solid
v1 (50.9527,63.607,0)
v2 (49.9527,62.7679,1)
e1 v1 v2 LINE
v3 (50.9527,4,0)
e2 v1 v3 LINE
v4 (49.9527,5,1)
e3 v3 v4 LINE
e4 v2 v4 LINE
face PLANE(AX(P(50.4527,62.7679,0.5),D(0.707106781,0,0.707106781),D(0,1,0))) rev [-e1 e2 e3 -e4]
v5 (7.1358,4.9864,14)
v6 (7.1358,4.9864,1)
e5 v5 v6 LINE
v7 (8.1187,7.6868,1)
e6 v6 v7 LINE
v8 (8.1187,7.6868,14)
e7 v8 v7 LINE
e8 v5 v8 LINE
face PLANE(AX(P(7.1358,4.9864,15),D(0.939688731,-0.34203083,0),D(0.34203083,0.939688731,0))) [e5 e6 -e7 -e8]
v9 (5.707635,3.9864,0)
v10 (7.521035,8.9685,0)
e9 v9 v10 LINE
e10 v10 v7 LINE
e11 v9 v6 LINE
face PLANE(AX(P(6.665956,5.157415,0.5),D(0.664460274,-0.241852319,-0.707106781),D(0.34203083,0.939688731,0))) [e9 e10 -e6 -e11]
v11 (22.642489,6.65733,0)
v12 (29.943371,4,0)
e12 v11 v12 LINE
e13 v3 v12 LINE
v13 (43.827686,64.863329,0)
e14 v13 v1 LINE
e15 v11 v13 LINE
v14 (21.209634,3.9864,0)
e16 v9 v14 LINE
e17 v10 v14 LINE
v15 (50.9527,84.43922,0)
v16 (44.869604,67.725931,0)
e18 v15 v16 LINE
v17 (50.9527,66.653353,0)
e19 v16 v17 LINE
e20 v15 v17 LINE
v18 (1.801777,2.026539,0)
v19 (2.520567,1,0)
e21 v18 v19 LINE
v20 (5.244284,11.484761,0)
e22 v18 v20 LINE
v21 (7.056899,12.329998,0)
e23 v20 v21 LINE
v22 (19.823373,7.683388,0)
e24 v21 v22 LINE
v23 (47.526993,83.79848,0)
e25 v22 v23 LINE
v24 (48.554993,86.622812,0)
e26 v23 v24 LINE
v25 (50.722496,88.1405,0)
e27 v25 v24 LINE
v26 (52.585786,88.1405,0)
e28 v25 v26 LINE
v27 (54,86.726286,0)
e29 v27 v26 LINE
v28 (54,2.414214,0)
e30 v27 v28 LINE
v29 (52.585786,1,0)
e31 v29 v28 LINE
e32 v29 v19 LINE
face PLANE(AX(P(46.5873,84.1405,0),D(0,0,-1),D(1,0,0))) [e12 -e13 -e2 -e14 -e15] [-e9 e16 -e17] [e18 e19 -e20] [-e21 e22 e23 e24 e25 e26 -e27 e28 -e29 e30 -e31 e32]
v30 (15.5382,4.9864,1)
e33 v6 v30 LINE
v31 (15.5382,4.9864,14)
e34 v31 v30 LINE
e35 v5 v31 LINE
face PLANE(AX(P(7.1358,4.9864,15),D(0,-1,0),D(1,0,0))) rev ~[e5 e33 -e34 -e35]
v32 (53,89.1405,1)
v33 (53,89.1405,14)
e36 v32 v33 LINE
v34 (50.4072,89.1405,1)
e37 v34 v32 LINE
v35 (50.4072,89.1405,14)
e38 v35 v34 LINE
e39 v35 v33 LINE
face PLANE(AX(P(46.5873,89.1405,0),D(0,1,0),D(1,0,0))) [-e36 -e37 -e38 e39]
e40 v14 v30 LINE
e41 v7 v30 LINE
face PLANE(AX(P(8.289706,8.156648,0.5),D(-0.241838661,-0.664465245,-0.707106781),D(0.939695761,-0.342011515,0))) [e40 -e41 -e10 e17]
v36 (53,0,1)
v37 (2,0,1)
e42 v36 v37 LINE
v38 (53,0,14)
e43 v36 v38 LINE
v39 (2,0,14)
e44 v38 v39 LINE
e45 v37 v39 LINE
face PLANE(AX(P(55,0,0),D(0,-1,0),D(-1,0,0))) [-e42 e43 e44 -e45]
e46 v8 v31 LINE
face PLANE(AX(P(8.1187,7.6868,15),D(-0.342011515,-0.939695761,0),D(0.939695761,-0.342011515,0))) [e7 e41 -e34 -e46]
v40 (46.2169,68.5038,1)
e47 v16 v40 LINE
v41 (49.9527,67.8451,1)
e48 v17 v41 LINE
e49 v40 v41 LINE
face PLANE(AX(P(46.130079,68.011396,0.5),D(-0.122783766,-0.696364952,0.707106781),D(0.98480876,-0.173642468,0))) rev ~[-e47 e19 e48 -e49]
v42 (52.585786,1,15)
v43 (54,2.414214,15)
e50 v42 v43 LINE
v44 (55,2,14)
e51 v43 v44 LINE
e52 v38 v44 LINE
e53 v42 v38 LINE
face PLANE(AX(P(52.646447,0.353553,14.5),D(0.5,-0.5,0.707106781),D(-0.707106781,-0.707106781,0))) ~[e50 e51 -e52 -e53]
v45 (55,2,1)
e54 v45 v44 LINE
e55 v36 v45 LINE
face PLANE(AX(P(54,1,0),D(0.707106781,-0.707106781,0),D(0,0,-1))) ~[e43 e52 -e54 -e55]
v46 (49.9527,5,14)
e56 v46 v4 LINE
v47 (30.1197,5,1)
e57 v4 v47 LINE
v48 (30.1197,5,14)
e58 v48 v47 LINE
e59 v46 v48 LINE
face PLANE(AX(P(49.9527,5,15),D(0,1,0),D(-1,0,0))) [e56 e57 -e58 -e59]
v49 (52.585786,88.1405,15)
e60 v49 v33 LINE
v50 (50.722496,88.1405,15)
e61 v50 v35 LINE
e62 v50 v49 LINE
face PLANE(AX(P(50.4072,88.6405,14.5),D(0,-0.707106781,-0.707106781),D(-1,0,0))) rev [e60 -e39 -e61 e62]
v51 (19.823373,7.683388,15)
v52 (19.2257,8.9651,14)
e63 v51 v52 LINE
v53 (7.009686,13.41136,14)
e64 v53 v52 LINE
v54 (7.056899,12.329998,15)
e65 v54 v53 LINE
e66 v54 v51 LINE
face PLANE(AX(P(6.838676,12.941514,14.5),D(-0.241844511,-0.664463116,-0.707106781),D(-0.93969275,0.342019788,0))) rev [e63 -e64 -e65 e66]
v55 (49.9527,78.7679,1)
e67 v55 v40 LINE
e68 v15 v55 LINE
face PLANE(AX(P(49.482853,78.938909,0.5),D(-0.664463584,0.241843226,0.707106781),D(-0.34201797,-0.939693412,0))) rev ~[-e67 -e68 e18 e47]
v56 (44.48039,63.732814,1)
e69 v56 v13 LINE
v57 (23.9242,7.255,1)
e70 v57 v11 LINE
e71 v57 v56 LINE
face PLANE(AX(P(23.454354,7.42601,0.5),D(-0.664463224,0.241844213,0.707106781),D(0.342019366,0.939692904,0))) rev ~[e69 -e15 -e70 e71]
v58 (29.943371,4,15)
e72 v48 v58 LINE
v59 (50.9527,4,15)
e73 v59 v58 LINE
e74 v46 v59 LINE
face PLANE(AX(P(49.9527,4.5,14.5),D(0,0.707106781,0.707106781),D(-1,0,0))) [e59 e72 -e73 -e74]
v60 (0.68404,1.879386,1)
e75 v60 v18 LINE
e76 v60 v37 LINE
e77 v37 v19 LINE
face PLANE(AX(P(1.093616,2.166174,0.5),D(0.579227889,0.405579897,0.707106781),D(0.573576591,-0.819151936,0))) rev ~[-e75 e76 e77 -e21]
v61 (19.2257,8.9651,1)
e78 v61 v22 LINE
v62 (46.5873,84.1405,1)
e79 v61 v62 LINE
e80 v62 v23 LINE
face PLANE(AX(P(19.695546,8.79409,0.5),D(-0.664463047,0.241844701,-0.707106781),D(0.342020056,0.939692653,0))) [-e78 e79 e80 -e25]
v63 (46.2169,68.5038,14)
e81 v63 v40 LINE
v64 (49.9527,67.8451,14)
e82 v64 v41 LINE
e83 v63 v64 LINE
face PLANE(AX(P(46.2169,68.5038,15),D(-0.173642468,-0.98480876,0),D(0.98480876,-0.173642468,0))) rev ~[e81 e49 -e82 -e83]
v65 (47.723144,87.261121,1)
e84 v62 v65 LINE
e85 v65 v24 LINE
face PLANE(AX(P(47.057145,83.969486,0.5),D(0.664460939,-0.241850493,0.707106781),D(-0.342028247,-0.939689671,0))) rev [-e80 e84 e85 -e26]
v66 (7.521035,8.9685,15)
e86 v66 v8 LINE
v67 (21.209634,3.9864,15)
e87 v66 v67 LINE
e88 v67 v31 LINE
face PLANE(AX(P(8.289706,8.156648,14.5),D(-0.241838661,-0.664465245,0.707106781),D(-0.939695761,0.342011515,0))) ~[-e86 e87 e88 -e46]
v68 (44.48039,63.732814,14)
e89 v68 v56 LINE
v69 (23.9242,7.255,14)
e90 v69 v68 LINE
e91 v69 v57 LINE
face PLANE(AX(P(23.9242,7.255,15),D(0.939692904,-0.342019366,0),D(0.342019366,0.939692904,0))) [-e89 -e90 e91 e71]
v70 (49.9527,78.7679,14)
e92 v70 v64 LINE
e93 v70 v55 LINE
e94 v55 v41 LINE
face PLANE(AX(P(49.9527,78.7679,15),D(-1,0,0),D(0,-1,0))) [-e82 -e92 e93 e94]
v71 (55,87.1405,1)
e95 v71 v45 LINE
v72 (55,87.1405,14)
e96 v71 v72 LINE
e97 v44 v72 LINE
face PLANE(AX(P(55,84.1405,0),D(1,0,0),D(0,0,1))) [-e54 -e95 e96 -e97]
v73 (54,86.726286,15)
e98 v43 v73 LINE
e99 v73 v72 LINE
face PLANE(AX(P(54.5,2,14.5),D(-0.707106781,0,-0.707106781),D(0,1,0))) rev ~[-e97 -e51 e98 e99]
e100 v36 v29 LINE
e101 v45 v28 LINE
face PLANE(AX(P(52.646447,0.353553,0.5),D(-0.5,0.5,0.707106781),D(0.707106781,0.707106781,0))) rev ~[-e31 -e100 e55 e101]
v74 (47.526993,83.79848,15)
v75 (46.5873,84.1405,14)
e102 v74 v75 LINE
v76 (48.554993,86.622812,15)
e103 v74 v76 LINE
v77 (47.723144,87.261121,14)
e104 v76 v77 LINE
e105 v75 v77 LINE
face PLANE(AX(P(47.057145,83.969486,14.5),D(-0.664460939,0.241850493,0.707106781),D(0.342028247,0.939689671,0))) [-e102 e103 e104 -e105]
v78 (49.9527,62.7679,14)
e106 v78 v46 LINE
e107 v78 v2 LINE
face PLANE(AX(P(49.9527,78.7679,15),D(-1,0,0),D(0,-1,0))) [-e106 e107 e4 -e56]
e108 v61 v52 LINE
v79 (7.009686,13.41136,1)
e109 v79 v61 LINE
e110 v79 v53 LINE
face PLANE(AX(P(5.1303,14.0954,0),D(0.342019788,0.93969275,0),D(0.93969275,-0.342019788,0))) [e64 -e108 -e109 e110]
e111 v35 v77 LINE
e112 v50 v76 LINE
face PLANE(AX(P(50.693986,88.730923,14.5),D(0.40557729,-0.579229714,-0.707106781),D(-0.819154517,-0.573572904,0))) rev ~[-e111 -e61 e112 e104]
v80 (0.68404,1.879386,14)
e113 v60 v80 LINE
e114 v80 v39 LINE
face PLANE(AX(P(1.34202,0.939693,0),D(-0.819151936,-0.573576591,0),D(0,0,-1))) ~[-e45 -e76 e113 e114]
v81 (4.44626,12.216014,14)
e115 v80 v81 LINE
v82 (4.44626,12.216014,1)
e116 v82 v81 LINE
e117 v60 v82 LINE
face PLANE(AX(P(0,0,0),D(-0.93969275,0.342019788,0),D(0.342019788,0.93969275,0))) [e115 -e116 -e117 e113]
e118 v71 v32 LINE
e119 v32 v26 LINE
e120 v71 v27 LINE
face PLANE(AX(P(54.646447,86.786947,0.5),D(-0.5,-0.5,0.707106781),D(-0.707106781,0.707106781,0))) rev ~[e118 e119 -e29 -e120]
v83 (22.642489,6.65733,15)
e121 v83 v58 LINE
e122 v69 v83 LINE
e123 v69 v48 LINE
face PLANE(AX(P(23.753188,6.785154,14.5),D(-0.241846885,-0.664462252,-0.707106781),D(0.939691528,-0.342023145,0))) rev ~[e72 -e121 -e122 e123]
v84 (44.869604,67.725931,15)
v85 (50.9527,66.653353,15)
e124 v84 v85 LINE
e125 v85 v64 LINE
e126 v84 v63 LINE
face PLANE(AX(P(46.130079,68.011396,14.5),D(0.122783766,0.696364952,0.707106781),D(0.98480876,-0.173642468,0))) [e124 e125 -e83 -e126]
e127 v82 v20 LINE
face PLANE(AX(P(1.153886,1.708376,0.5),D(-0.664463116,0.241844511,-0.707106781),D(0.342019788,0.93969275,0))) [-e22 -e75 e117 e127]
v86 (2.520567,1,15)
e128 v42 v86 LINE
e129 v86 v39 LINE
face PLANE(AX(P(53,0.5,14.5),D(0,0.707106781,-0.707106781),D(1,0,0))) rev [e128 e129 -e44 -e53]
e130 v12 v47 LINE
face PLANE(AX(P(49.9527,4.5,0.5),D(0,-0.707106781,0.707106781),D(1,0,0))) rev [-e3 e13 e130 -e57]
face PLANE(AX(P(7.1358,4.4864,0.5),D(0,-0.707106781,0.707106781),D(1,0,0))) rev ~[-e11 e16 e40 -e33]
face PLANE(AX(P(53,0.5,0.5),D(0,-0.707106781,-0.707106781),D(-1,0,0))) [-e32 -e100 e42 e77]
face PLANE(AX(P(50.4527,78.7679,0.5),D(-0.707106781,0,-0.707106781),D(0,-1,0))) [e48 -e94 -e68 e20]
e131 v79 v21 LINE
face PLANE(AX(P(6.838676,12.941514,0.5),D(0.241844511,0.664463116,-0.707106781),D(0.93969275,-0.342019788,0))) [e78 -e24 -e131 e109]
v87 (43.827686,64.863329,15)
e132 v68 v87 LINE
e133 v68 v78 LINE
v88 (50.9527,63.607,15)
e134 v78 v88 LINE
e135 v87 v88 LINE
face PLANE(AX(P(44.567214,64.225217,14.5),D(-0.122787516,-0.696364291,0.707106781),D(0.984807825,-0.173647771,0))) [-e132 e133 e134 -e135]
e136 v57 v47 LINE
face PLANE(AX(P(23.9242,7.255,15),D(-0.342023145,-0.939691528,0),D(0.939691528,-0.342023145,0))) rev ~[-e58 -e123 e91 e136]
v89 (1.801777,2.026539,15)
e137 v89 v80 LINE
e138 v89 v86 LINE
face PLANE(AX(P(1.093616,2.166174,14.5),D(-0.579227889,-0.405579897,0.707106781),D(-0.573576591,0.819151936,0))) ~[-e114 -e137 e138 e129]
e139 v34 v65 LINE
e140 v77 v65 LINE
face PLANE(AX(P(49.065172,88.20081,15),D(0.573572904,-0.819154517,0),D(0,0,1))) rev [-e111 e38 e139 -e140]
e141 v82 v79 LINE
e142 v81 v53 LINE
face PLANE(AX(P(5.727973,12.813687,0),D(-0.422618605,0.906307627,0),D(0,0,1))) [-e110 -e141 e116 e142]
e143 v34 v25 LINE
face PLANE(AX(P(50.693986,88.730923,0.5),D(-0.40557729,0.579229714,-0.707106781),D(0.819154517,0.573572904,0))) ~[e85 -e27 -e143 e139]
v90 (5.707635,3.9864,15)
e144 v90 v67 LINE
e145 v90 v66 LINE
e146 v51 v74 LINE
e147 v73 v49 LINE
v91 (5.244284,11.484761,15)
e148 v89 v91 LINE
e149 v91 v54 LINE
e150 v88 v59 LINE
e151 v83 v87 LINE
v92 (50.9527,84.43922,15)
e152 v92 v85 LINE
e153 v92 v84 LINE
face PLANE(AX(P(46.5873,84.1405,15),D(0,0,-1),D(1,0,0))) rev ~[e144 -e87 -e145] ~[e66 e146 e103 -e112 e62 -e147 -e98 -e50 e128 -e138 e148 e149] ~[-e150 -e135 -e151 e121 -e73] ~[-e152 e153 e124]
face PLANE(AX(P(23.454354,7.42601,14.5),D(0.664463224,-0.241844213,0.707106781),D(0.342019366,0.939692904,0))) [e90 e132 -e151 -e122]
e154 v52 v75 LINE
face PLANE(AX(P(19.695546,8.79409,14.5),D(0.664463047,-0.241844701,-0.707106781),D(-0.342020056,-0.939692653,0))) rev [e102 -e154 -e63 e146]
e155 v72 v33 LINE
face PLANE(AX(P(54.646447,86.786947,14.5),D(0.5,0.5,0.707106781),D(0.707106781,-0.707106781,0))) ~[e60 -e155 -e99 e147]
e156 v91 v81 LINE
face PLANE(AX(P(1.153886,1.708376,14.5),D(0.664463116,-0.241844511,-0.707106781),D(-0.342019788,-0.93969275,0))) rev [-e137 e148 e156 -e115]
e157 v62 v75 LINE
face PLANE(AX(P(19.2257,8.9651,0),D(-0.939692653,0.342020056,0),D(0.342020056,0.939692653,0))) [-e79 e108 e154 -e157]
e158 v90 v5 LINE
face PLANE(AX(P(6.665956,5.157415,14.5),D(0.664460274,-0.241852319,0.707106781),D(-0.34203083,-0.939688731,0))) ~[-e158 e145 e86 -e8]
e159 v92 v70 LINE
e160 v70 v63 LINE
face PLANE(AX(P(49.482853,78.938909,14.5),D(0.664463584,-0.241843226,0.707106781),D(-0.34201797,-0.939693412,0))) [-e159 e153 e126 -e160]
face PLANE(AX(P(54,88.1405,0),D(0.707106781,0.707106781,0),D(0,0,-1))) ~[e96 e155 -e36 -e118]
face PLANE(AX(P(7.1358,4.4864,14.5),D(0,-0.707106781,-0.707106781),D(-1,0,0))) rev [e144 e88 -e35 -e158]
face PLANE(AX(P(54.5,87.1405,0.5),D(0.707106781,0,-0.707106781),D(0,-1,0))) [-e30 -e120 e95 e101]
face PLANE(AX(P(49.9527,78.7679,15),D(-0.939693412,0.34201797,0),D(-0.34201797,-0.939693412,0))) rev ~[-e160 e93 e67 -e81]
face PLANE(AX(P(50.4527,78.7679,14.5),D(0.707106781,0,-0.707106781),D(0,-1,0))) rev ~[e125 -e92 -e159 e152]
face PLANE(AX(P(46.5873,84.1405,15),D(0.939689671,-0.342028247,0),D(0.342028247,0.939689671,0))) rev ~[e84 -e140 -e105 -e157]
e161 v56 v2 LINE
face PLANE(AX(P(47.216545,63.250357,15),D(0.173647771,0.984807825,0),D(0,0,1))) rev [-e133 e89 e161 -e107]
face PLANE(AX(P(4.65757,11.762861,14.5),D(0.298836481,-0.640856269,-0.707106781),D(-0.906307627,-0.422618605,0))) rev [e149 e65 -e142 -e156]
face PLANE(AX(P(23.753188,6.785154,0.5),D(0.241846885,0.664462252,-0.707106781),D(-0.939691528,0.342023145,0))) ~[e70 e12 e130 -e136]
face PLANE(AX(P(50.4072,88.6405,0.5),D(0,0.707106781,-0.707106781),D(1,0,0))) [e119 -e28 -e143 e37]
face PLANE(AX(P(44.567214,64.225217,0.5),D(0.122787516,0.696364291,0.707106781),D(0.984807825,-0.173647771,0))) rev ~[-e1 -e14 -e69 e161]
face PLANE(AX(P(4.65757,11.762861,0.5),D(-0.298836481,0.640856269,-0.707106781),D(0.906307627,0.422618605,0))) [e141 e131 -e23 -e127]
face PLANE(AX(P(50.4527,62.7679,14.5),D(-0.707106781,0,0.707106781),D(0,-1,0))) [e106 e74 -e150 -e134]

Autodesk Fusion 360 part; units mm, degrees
sketch "Sketch1" plane through (0, 0, 0) normal (0, 0, 1) x (1, 0, 0)
  line L0 (0, 0) -> (5.1303, 14.0954)
  line L1 (0, 0) -> (15, 0) construction
  line L2 (5.1303, 14.0954) -> (19.2257, 8.9651)
  line L3 (5.1303, 14.0954) -> (20.1303, 14.0954) construction
  line L4 (19.2257, 8.9651) -> (46.5873, 84.1405)
  line L5 (19.2257, 8.9651) -> (99.2257, 8.9651) construction
  line L6 (46.5873, 84.1405) -> (55, 84.1405)
  line L7 (55, 84.1405) -> (55, 0)
  line L8 (55, 0) -> (0, 0)
  dimension "d1" = 70
  dimension "d2" = 15
  dimension "d3" = 20
  dimension "d4" = 15
  dimension "d5" = 70
  dimension "d6" = 80
extrude "Extrude1" add sketch "Sketch1" along normal blind 15
sketch "Sketch2" plane through (0, 0, 15) normal (0, 0, 1) x (-1, 0, 0)
  line L0 (-55, 0) -> (-55, -84.1405)
  line L1 (-55, -84.1405) -> (-46.5873, -84.1405)
  line L2 (-46.5873, -84.1405) -> (-19.2257, -8.9651)
  line L3 (-19.2257, -8.9651) -> (-5.1303, -14.0954)
  line L4 (-5.1303, -14.0954) -> (0, 0)
  line L5 (0, 0) -> (-55, 0)
  line L6 (-23.9242, -7.255) -> (-49.9527, -78.7679)
  line L7 (-23.9242, -7.255) -> (52.1783, -7.255) construction
  line L8 (-49.9527, -78.7679) -> (-49.9527, -5)
  line L9 (-23.9242, -7.255) -> (-30.1197, -5)
  line L10 (-23.9242, -7.255) -> (-17.331, -7.255) construction
  line L11 (-49.9527, -5) -> (-30.1197, -5)
  dimension "d13" = 5
  dimension "d14" = 110
  dimension "d15" = 160
extrude "Extrude2" cut sketch "Sketch2" against normal blind 78 contours L6 L8 L9 L11
sketch "Sketch3" plane through (0, 0, 15) normal (0, 0, 1) x (-1, 0, 0)
  line L0 (-49.9527, -5) -> (-30.1197, -5)
  line L1 (-30.1197, -5) -> (-23.9242, -7.255)
  line L2 (-23.9242, -7.255) -> (-49.9527, -78.7679)
  line L3 (-49.9527, -78.7679) -> (-49.9527, -5)
  line L4 (-55, 0) -> (-55, -84.1405)
  line L5 (-55, -84.1405) -> (-46.5873, -84.1405)
  line L6 (-46.5873, -84.1405) -> (-19.2257, -8.9651)
  line L7 (-19.2257, -8.9651) -> (-5.1303, -14.0954)
  line L8 (-5.1303, -14.0954) -> (0, 0)
  line L9 (0, 0) -> (-55, 0)
  line L10 (-7.1358, -4.9864) -> (-15.5382, -4.9864)
  line L11 (-7.1358, -4.9864) -> (-8.1187, -7.6868)
  line L12 (-8.1187, -7.6868) -> (-15.5382, -4.9864)
extrude "Extrude3" cut sketch "Sketch3" against normal blind 57 contours L10 L11 L12
chamfer "Chamfer1" distance 2 angle 45 1 edges at (0, 0, 7.5)
chamfer "Chamfer2" distance 2 angle 45 1 edges at (55, 0, 7.5)
chamfer "Chamfer3" distance 2 angle 45 1 edges at (5.1303, 14.0954, 7.5)
chamfer "Chamfer8" distance 16 angle 45 1 edges at (49.9527, 78.7679, 7.5)
sketch "Sketch4" plane through (0, 0, 15) normal (0, 0, 1) x (-1, 0, 0)
  line L0 (-49.9527, -5) -> (-30.1197, -5)
  line L1 (-30.1197, -5) -> (-23.9242, -7.255)
  line L2 (-23.9242, -7.255) -> (-44.4804, -63.7328)
  line L3 (-44.4804, -63.7328) -> (-49.9527, -62.7679)
  line L4 (-49.9527, -62.7679) -> (-49.9527, -5)
  line L5 (-8.1187, -7.6868) -> (-15.5382, -4.9864)
  line L6 (-15.5382, -4.9864) -> (-7.1358, -4.9864)
  line L7 (-7.1358, -4.9864) -> (-8.1187, -7.6868)
  line L8 (-49.9527, -78.7679) -> (-46.2169, -68.5038)
  line L9 (-49.9527, -78.7679) -> (-49.9527, -67.8451)
  line L10 (-46.2169, -68.5038) -> (-49.9527, -67.8451)
  line L11 (-7.0097, -13.4113) -> (-4.4463, -12.216)
  line L12 (-4.4463, -12.216) -> (-0.684, -1.8794)
  line L13 (-0.684, -1.8794) -> (-2, 0)
  line L14 (-2, 0) -> (-53, 0)
  line L15 (-53, 0) -> (-55, -2)
  line L16 (-55, -2) -> (-55, -84.1405)
  line L17 (-55, -84.1405) -> (-46.5873, -84.1405)
  line L18 (-46.5873, -84.1405) -> (-19.2257, -8.9651)
  line L19 (-19.2257, -8.9651) -> (-7.0097, -13.4113)
extrude "Extrude4" cut sketch "Sketch4" against normal blind 36 contours L8 L9 L10
chamfer "Chamfer9" distance 1 angle 45 5 edges at (34.2023, 35.4939, 15) (27.0219, 6.1275, 15) (40.0362, 5, 15) (49.9527, 33.884, 15) (47.2166, 63.2504, 15)
chamfer "Chamfer10" distance 1 angle 45 5 edges at (49.9527, 33.884, 0) (47.2166, 63.2504, 0) (34.2023, 35.4939, 0) (27.0219, 6.1275, 0) (40.0362, 5, 0)
chamfer "Chamfer11" distance 1 angle 45 3 edges at (11.337, 4.9864, 15) (11.8284, 6.3366, 15) (7.6272, 6.3366, 15)
extrude "Extrude5" add 1 faces at (49.3915, 84.1405, 5) along direction (0, 1, 0) blind 5
sketch "Sketch5" plane through (0, 0, 15) normal (0, 0, 1) x (-1, 0, 0)
  line L0 (-50.9527, -63.607) -> (-50.9527, -4)
  line L1 (-50.9527, -4) -> (-29.9434, -4)
  line L2 (-29.9434, -4) -> (-22.6424, -6.6573)
  line L3 (-22.6424, -6.6573) -> (-43.8277, -64.8634)
  line L4 (-43.8277, -64.8634) -> (-50.9527, -63.607)
  line L5 (-49.9527, -67.8451) -> (-46.2169, -68.5038)
  line L6 (-46.2169, -68.5038) -> (-49.9527, -78.7679)
  line L7 (-49.9527, -78.7679) -> (-49.9527, -67.8451)
  line L8 (-7.0097, -13.4113) -> (-4.4463, -12.216)
  line L9 (-4.4463, -12.216) -> (-0.684, -1.8794)
  line L10 (-0.684, -1.8794) -> (-2, 0)
  line L11 (-2, 0) -> (-53, 0)
  line L12 (-53, 0) -> (-55, -2)
  line L13 (-55, -2) -> (-55, -89.1405)
  line L14 (-55, -89.1405) -> (-46.5873, -89.1405)
  line L15 (-46.5873, -89.1405) -> (-46.5873, -84.1405)
  line L16 (-46.5873, -84.1405) -> (-19.2257, -8.9651)
  line L17 (-19.2257, -8.9651) -> (-7.0097, -13.4113)
  line L18 (-5.7076, -3.9864) -> (-7.521, -8.9685)
  line L19 (-7.521, -8.9685) -> (-21.2094, -3.9864)
  line L20 (-21.2094, -3.9864) -> (-5.7076, -3.9864)
  line L21 (-46.5873, -84.1405) -> (-48.4072, -89.1405)
  line L22 (-46.5873, -84.1405) -> (-41.2664, -84.1405) construction
  dimension "d43" = 110
extrude "Extrude6" cut sketch "Sketch5" against normal blind 20 contours L14 L15 L21
chamfer "Chamfer12" distance 1 angle 45 3 edges at (48.0848, 73.6359, 15) (49.9527, 73.3065, 15) (48.0848, 68.1744, 15)
chamfer "Chamfer13" distance 2 angle 45 2 edges at (48.4072, 89.1405, 7.5) (55, 89.1405, 7.5)
chamfer "Chamfer14" distance 1 angle 45 11 edges at (5.728, 12.8137, 15) (2.5652, 7.0477, 15) (1.342, 0.9397, 15) (27.5, 0, 15) (13.1177, 11.1882, 15) (33.4744, 48.1131, 15) (55, 44.5702, 15) (54, 1, 15) (54, 88.1405, 15) (51.7036, 89.1405, 15) (49.0651, 88.2008, 15)
chamfer "Chamfer15" distance 1 angle 45 11 edges at (55, 44.5702, 0) (54, 88.1405, 0) (51.7036, 89.1405, 0) (49.0651, 88.2008, 0) (33.4744, 48.1131, 0) (13.1177, 11.1882, 0) (5.728, 12.8137, 0) (2.5652, 7.0477, 0) (1.342, 0.9397, 0) (27.5, 0, 0) (54, 1, 0)
chamfer "Chamfer16" distance 1 angle 45 3 edges at (49.9527, 73.3065, 0) (48.0848, 73.6359, 0) (48.0848, 68.1744, 0)
chamfer "Chamfer17" distance 1 angle 45 3 edges at (11.337, 4.9864, 0) (11.8284, 6.3366, 0) (7.6272, 6.3366, 0)
